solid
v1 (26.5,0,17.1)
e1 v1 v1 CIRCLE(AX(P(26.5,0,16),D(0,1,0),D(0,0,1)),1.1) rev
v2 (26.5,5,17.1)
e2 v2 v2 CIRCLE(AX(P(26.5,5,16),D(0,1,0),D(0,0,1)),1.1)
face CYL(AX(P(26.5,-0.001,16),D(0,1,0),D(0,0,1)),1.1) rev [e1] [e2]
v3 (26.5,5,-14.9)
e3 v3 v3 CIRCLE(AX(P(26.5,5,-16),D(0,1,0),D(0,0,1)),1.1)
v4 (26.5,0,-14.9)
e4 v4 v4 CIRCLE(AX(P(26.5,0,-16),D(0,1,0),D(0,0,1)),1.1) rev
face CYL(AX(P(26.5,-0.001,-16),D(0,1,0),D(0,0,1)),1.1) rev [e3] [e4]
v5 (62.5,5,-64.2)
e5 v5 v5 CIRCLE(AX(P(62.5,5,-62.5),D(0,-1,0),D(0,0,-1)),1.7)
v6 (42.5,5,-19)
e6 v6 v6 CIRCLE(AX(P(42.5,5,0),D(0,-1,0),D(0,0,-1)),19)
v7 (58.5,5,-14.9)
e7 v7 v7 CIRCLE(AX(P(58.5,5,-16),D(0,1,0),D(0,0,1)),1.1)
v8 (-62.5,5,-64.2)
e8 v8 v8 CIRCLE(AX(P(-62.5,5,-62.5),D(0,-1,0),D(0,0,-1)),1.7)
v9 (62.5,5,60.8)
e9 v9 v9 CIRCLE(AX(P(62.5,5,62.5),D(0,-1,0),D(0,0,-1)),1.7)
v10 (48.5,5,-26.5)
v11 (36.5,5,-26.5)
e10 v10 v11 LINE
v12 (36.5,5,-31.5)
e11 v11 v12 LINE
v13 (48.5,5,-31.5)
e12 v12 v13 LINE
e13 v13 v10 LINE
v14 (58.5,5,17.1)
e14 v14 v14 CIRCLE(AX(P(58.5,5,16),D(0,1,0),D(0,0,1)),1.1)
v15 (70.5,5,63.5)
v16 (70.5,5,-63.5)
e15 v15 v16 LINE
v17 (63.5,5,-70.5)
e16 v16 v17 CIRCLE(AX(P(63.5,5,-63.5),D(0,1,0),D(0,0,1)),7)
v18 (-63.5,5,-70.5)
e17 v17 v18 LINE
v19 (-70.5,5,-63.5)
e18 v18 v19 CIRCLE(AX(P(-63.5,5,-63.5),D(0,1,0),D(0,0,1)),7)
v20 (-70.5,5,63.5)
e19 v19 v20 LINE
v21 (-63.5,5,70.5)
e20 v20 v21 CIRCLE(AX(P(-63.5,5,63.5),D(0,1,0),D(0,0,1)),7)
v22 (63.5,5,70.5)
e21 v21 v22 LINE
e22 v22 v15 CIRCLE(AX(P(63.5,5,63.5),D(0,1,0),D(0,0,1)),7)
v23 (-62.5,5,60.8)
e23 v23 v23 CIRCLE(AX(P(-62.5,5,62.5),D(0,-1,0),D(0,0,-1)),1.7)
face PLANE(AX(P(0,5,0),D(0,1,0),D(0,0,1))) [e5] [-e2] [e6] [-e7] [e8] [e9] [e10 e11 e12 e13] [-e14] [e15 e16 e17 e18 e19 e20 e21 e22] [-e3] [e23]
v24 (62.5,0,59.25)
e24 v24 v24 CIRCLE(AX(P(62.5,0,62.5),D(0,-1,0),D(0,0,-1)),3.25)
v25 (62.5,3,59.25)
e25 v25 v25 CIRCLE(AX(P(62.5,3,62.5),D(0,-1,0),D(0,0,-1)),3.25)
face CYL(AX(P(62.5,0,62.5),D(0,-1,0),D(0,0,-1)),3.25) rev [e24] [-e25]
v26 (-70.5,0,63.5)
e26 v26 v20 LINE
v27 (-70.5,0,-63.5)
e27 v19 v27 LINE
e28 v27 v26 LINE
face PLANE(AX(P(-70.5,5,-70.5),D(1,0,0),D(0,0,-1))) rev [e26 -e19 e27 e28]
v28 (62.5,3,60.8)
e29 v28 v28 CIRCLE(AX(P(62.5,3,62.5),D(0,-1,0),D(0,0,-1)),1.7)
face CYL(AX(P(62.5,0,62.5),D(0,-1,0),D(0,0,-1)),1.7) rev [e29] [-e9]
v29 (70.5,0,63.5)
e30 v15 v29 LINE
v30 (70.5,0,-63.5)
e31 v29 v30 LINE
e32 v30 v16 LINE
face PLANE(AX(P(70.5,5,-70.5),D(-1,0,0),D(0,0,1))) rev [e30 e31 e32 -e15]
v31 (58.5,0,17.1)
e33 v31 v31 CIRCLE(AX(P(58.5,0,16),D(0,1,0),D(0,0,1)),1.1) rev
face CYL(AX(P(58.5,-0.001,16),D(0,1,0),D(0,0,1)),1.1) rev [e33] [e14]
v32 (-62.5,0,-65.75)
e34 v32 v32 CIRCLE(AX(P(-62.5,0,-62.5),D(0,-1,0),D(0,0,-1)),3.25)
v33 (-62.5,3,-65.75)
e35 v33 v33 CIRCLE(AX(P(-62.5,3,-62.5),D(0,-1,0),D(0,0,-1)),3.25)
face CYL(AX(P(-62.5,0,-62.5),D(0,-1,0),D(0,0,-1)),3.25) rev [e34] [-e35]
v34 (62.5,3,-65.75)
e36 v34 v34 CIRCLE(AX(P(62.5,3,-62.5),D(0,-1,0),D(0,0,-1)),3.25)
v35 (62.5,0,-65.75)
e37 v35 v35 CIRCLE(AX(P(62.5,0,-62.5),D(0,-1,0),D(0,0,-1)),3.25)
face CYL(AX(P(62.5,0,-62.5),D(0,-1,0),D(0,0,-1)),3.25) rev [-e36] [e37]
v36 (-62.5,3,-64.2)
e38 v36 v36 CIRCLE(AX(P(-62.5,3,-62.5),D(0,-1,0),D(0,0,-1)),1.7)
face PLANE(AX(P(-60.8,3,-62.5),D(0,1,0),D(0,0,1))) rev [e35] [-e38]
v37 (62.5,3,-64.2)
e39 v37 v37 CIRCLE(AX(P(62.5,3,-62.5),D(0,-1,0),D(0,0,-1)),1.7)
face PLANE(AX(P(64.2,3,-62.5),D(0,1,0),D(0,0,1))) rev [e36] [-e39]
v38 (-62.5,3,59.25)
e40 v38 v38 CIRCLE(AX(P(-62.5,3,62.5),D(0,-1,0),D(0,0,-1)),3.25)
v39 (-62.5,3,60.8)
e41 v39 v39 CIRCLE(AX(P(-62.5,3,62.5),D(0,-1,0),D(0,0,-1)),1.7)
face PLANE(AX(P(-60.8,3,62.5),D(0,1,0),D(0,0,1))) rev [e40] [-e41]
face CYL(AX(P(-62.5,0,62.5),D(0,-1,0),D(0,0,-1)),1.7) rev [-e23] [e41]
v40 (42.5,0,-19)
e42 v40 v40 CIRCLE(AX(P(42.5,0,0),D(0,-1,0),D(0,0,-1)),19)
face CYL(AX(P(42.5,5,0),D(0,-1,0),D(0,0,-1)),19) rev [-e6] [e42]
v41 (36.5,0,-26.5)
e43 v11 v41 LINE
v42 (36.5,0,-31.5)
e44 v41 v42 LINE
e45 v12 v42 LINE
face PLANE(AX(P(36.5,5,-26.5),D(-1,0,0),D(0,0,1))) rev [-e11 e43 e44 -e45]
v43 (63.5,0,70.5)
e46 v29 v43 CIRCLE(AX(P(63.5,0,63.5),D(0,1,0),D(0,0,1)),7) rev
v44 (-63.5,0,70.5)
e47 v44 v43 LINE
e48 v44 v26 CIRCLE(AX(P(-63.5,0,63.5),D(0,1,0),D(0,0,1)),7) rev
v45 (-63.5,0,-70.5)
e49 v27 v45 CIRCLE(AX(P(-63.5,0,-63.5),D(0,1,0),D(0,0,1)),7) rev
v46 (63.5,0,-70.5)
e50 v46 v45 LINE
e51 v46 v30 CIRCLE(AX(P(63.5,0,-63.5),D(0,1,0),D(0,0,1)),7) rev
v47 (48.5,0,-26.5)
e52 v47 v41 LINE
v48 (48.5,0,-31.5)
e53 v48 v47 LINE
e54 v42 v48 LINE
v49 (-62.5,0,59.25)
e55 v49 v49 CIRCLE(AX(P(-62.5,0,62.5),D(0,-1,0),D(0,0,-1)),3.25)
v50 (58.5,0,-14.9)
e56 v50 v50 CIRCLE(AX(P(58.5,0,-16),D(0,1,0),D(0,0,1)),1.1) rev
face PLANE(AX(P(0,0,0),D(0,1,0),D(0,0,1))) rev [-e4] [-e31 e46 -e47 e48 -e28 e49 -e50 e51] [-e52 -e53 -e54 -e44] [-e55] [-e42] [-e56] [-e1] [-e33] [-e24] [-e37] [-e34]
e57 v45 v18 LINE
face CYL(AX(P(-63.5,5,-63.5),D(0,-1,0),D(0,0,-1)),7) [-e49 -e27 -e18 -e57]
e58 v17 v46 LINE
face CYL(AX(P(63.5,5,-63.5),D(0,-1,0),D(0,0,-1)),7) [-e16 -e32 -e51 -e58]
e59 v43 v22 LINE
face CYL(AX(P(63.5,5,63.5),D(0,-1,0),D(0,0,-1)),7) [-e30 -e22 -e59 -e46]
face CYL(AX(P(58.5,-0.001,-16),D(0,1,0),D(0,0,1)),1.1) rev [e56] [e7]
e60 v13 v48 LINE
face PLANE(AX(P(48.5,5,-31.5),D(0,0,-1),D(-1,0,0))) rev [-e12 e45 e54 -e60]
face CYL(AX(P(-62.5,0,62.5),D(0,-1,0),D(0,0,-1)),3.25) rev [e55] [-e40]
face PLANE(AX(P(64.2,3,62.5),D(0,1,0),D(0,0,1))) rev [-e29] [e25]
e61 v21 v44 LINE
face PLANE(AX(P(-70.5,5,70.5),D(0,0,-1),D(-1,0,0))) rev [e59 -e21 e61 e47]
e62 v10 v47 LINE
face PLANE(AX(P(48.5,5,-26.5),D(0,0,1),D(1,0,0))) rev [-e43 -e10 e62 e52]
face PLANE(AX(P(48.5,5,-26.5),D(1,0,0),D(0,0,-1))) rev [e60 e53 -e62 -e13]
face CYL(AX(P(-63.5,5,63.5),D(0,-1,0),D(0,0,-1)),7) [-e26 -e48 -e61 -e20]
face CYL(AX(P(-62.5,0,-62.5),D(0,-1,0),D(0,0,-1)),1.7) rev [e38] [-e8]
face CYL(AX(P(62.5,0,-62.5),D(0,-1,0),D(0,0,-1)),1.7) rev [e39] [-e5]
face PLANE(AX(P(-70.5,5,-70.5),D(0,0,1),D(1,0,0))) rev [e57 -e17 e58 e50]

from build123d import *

# Parameters (mm, degrees)
SKETCH1_W                      = 141
SKETCH1_H                      = 141
BOSS_EXTRUDE1_DEPTH            = 5
CUT_EXTRUDE1_REACH             = 101.827
SKETCH3_R                      = 1.1
CBORE_FOR_M3_SHCS1_D           = 3.4
CBORE_FOR_M3_SHCS1_CBORE_D     = 6.5
CBORE_FOR_M3_SHCS1_CBORE_DEPTH = 3
FILLET1_R                      = 7
ESQUISSE1_R                    = 19
ENL_V_MAT_EXTRU_1_DEPTH        = 100.827350962
ESQUISSE2_W                    = 12
ESQUISSE2_H                    = 5
ENL_V_MAT_EXTRU_2_DEPTH        = 100.827350962


with BuildPart() as part:
    # Sketch1 → Boss-Extrude1 (new body)
    with BuildSketch(Plane(origin=(0, 0, 0), x_dir=(1, 0, 0), z_dir=(0, 1, 0))):
        Rectangle(SKETCH1_W, SKETCH1_H)
    extrude(amount=BOSS_EXTRUDE1_DEPTH)

    # Sketch3 → Cut-Extrude1 (cut, up to next)
    with BuildSketch(Plane(origin=(0, 5, 0), x_dir=(1, 0, 0), z_dir=(0, 1, 0)), mode=Mode.PRIVATE) as cut_extrude1_sk1:
        with Locations(Location((26.5, 16, 0), (0, 0, 270))):
            Circle(SKETCH3_R)
    cut_extrude1_tool1 = extrude(cut_extrude1_sk1.sketch, amount=-CUT_EXTRUDE1_REACH, mode=Mode.PRIVATE) & part.part
    # Sketch3 → Cut-Extrude1 (cut, up to next)
    with BuildSketch(Plane(origin=(0, 5, 0), x_dir=(1, 0, 0), z_dir=(0, 1, 0)), mode=Mode.PRIVATE) as cut_extrude1_sk2:
        with Locations(Location((58.5, 16, 0), (0, 0, 270))):
            Circle(SKETCH3_R)
    cut_extrude1_tool2 = extrude(cut_extrude1_sk2.sketch, amount=-CUT_EXTRUDE1_REACH, mode=Mode.PRIVATE) & part.part
    # Sketch3 → Cut-Extrude1 (cut, up to next)
    with BuildSketch(Plane(origin=(0, 5, 0), x_dir=(1, 0, 0), z_dir=(0, 1, 0)), mode=Mode.PRIVATE) as cut_extrude1_sk3:
        with Locations(Location((58.5, -16, 0), (0, 0, 270))):
            Circle(SKETCH3_R)
    cut_extrude1_tool3 = extrude(cut_extrude1_sk3.sketch, amount=-CUT_EXTRUDE1_REACH, mode=Mode.PRIVATE) & part.part
    # Sketch3 → Cut-Extrude1 (cut, up to next)
    with BuildSketch(Plane(origin=(0, 5, 0), x_dir=(1, 0, 0), z_dir=(0, 1, 0)), mode=Mode.PRIVATE) as cut_extrude1_sk4:
        with Locations(Location((26.5, -16, 0), (0, 0, 270))):
            Circle(SKETCH3_R)
    cut_extrude1_tool4 = extrude(cut_extrude1_sk4.sketch, amount=-CUT_EXTRUDE1_REACH, mode=Mode.PRIVATE) & part.part
    add(cut_extrude1_tool1.solids().sort_by_distance((26.5, 5, -16))[0], mode=Mode.SUBTRACT)
    add(cut_extrude1_tool2.solids().sort_by_distance((58.5, 5, -16))[0], mode=Mode.SUBTRACT)
    add(cut_extrude1_tool3.solids().sort_by_distance((58.5, 5, 16))[0], mode=Mode.SUBTRACT)
    add(cut_extrude1_tool4.solids().sort_by_distance((26.5, 5, 16))[0], mode=Mode.SUBTRACT)

    # CBORE for M3 SHCS1 (through all)
    with Locations(Plane(origin=(-62.5, 0, 62.5), x_dir=(0, 0, -1), z_dir=(0, -1, 0))):
        with Locations((0, 0), (125, 0), (125, 125), (0, 125)):
            CounterBoreHole(CBORE_FOR_M3_SHCS1_D / 2, CBORE_FOR_M3_SHCS1_CBORE_D / 2, CBORE_FOR_M3_SHCS1_CBORE_DEPTH)

    # Fillet1
    fillet1_edges = [part.edges().sort_by_distance(p)[0] for p in [
        (70.5, 2.5, 70.5),
        (-70.5, 2.5, 70.5),
        (-70.5, 2.5, -70.5),
        (70.5, 2.5, -70.5),
    ]]
    fillet(fillet1_edges, radius=FILLET1_R)

    # Esquisse1 → Enlèv. mat.-Extru.1 (cut, through all)
    with BuildSketch(Plane.XZ):
        with Locations(Location((42.5, 0, 0), (0, 0, 270))):
            Circle(ESQUISSE1_R)
    extrude(amount=-ENL_V_MAT_EXTRU_1_DEPTH, mode=Mode.SUBTRACT)

    # Esquisse2 → Enlèv. mat.-Extru.2 (cut, through all)
    with BuildSketch(Plane.XZ):
        with Locations((42.5, -29)):
            Rectangle(ESQUISSE2_W, ESQUISSE2_H)
    extrude(amount=-ENL_V_MAT_EXTRU_2_DEPTH, mode=Mode.SUBTRACT)


solid = part.part
